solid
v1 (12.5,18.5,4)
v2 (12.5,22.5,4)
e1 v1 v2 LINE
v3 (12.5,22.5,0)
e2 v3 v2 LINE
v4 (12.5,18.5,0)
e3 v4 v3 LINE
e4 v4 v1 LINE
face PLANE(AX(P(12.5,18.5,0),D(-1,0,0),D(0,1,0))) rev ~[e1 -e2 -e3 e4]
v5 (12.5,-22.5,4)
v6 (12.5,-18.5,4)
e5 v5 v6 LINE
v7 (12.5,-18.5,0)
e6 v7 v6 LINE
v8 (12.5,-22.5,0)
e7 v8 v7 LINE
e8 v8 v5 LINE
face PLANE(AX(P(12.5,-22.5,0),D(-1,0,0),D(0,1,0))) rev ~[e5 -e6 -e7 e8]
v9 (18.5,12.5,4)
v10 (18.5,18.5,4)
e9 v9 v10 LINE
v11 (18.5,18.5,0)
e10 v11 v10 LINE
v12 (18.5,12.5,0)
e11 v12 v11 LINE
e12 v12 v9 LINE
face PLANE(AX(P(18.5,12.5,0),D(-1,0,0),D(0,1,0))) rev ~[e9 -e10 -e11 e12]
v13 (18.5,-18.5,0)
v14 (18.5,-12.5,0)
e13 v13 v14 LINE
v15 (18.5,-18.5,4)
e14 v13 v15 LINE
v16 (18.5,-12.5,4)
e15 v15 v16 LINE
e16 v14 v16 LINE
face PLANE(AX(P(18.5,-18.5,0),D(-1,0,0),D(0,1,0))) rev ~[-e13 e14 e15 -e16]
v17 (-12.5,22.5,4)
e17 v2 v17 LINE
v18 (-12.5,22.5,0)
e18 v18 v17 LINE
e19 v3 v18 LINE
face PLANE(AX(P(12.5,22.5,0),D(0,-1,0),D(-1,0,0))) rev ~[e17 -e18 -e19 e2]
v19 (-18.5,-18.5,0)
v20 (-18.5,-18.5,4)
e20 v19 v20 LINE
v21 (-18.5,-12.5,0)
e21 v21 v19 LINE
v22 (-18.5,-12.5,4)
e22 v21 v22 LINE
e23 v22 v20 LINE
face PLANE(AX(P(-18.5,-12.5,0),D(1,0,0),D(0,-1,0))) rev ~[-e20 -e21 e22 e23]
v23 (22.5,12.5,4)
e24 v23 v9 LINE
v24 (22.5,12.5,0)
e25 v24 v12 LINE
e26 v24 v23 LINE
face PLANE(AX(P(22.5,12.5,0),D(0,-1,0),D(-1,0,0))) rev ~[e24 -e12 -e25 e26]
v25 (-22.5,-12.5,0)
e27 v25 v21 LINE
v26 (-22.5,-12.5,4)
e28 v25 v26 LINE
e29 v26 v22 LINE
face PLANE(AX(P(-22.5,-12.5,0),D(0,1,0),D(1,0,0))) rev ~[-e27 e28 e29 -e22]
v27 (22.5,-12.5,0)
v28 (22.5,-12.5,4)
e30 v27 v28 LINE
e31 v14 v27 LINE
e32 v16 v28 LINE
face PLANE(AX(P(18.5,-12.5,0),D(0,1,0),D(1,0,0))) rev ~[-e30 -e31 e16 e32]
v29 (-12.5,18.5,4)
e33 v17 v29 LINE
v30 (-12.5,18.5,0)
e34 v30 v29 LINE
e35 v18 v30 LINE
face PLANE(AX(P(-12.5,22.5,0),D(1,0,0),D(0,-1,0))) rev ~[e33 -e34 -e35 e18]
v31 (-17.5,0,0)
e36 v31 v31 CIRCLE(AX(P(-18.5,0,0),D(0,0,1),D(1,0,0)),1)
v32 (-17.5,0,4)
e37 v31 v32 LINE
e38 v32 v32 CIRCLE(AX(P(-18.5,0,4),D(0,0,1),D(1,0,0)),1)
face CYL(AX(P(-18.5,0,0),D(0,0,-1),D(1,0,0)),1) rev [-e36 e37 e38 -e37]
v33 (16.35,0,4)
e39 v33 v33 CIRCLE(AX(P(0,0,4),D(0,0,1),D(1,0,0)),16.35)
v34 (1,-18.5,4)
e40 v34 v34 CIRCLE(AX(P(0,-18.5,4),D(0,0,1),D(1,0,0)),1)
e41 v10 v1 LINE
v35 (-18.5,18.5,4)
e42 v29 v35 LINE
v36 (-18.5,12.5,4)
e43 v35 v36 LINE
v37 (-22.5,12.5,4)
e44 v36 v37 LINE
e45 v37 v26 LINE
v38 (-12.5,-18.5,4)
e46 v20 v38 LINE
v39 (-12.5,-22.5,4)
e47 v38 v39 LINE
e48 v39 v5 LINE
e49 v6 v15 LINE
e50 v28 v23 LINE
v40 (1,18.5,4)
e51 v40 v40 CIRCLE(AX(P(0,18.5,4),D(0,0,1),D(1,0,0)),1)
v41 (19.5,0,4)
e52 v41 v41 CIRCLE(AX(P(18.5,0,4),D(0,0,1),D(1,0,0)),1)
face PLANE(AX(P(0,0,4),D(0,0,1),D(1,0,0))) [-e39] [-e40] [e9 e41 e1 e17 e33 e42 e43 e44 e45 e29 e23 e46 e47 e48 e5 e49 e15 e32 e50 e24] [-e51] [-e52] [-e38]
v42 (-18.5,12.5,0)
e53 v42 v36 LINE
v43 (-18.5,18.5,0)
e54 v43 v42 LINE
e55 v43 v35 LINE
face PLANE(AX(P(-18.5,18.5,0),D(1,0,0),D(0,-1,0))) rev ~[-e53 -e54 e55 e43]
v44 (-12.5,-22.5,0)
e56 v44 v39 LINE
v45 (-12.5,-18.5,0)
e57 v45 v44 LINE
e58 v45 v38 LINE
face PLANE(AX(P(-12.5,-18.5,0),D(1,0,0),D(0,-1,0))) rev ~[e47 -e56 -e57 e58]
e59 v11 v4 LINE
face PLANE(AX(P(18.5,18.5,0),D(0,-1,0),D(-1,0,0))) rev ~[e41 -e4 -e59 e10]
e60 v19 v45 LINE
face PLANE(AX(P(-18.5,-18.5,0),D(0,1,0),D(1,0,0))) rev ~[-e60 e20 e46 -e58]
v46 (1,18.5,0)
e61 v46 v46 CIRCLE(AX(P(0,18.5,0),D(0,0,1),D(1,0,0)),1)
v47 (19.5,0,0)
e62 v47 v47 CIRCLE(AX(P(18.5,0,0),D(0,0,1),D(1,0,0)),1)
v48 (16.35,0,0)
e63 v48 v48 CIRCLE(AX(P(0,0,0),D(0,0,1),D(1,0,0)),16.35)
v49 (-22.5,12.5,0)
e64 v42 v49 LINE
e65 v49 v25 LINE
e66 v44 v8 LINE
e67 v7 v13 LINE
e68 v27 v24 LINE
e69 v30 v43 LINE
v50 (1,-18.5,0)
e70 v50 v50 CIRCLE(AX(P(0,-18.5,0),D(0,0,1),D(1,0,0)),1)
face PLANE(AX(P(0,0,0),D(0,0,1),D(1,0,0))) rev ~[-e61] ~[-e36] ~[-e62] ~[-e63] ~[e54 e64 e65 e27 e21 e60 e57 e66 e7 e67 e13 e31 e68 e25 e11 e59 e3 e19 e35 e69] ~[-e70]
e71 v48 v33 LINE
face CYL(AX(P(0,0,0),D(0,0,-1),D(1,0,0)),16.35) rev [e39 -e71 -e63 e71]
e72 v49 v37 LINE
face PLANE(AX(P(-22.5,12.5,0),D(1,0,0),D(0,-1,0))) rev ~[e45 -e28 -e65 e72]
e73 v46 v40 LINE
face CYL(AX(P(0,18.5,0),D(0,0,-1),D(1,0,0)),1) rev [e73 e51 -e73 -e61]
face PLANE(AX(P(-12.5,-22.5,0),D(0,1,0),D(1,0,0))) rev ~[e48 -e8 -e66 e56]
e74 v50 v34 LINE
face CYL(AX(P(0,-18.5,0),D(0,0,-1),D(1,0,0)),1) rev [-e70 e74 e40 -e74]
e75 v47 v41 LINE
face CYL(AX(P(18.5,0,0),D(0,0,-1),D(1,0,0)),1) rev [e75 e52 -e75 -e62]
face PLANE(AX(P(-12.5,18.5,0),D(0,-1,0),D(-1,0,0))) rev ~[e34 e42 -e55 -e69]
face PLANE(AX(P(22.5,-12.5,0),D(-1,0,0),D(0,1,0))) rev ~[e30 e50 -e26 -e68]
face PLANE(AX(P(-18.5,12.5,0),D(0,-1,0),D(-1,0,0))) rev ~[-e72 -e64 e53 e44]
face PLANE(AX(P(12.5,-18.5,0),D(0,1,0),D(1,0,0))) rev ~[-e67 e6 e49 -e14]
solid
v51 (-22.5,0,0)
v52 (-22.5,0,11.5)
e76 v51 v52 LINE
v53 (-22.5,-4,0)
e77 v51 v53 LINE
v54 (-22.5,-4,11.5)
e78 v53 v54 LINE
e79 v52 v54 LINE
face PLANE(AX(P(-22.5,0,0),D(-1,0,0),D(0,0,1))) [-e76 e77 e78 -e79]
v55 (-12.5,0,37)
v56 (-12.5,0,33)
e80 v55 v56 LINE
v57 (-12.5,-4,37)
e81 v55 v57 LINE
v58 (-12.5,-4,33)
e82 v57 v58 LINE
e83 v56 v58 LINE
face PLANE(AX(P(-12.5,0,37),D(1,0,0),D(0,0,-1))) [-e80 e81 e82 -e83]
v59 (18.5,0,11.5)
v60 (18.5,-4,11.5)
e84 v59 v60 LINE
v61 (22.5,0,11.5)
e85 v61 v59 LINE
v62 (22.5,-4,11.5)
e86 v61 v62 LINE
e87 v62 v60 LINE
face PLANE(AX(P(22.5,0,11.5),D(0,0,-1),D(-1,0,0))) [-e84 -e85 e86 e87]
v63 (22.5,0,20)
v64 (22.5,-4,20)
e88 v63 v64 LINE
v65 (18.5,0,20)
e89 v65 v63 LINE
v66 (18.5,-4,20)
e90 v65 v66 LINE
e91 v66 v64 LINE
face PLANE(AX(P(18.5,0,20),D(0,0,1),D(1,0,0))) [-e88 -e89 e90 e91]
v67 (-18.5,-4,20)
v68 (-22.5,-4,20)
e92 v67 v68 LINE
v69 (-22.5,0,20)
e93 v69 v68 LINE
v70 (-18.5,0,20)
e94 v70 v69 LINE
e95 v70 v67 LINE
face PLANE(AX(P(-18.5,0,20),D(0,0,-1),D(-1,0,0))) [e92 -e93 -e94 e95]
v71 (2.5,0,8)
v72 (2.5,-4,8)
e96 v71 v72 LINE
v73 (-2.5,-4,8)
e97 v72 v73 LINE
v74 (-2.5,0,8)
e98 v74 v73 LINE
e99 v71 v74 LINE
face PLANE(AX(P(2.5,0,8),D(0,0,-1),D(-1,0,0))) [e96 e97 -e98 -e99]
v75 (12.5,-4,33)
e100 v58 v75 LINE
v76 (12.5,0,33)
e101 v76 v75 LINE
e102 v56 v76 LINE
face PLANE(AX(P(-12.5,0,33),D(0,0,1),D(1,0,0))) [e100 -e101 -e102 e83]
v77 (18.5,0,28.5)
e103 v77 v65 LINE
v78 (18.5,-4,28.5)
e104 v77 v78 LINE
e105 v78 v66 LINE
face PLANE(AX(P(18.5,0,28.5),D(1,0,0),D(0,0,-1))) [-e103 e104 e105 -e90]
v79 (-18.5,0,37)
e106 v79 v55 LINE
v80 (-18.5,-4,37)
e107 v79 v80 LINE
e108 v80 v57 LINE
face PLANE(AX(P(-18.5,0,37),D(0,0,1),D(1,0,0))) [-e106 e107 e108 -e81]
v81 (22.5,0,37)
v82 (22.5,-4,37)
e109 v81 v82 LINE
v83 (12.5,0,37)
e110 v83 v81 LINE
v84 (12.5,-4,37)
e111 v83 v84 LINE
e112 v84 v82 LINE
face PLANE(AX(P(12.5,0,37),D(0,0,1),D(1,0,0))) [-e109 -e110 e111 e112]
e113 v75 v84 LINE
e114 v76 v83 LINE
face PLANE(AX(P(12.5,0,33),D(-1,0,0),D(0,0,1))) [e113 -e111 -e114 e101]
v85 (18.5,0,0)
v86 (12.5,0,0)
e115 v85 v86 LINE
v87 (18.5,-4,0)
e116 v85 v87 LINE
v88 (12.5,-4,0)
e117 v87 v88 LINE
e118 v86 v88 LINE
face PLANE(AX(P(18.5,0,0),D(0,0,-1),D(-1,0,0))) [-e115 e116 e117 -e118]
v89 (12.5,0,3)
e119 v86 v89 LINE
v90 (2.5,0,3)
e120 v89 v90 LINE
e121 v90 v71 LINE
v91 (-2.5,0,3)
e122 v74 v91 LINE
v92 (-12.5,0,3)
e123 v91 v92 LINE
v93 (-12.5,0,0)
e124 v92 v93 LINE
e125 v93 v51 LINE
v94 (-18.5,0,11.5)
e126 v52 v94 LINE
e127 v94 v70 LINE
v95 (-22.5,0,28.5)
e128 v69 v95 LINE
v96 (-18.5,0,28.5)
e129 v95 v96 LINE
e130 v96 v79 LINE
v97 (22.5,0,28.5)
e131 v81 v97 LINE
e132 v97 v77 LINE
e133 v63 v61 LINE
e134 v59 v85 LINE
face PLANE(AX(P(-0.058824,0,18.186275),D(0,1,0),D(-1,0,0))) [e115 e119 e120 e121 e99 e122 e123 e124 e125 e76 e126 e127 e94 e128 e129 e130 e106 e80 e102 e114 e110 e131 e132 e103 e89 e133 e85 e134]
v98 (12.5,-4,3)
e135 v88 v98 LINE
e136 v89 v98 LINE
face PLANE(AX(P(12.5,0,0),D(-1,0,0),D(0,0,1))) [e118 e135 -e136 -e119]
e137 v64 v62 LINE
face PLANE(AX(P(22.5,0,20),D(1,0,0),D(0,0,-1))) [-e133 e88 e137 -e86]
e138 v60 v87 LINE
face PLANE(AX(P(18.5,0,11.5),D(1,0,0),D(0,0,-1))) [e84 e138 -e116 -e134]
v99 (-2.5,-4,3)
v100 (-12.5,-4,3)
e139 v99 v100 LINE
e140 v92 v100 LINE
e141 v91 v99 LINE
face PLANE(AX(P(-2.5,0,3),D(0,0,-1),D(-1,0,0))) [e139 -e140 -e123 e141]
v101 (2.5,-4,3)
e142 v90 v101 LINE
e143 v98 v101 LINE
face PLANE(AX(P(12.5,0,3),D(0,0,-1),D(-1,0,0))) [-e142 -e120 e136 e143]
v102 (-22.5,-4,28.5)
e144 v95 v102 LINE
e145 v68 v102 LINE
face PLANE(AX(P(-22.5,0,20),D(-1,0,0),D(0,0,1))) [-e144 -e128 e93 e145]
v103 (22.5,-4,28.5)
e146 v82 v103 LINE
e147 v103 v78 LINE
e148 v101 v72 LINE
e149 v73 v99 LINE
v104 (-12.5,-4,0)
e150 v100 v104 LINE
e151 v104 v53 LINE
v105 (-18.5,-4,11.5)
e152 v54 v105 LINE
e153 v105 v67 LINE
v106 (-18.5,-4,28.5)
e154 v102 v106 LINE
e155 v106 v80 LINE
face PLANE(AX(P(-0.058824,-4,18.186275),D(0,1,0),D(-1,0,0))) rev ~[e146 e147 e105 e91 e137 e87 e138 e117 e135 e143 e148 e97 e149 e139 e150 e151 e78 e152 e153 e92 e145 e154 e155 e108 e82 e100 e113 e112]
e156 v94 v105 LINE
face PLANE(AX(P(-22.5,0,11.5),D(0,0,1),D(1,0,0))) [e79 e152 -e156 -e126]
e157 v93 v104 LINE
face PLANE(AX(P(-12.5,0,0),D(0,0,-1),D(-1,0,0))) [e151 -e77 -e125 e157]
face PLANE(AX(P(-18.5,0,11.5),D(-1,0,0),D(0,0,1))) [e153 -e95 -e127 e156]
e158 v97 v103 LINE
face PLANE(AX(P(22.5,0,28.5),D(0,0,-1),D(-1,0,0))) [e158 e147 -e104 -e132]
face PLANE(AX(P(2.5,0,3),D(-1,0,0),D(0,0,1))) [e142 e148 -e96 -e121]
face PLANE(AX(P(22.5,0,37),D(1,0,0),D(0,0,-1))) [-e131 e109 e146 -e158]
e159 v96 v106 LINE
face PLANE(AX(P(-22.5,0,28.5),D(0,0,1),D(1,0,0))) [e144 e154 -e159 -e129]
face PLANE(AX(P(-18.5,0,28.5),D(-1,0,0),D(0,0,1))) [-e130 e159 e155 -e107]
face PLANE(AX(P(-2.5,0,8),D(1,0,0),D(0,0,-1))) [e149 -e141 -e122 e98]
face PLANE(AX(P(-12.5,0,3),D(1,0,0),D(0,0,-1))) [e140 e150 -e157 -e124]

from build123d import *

# Parameters (mm, degrees)
SKETCH_R     = 16.35
SKETCH_R_2   = 1
PAD001_DEPTH = 4
PAD_DEPTH    = 4


with BuildPart() as cover:
    # Sketch → Pad001 (new body)
    with BuildSketch(Plane.XY):
        Polygon((-22.5, 12.5), (-22.5, -12.5), (-18.5, -12.5), (-18.5, -18.5), (-12.5, -18.5), (-12.5, -22.5), (12.5, -22.5), (12.5, -18.5), (18.5, -18.5), (18.5, -12.5), (22.5, -12.5), (22.5, 12.5), (18.5, 12.5), (18.5, 18.5), (12.5, 18.5), (12.5, 22.5), (-12.5, 22.5), (-12.5, 18.5), (-18.5, 18.5), (-18.5, 12.5), align=None)
        Circle(SKETCH_R, mode=Mode.SUBTRACT)
        with Locations((0, 18.5)):
            Circle(SKETCH_R_2, mode=Mode.SUBTRACT)
        with Locations((18.5, 0)):
            Circle(SKETCH_R_2, mode=Mode.SUBTRACT)
        with Locations((-18.5, 0)):
            Circle(SKETCH_R_2, mode=Mode.SUBTRACT)
        with Locations((0, -18.5)):
            Circle(SKETCH_R_2, mode=Mode.SUBTRACT)
    extrude(amount=PAD001_DEPTH)


with BuildPart() as walls:
    # Sketch001 → Pad (new body)
    with BuildSketch(Plane.XZ):
        Polygon((-18.5, 37), (-12.5, 37), (-12.5, 33), (12.5, 33), (12.5, 37), (22.5, 37), (22.5, 28.5), (18.5, 28.5), (18.5, 20), (22.5, 20), (22.5, 11.5), (18.5, 11.5), (18.5, 0), (12.5, 0), (12.5, 3), (2.5, 3), (2.5, 8), (-2.5, 8), (-2.5, 3), (-12.5, 3), (-12.5, 0), (-22.5, 0), (-22.5, 11.5), (-18.5, 11.5), (-18.5, 20), (-22.5, 20), (-22.5, 28.5), (-18.5, 28.5), align=None)
    extrude(amount=PAD_DEPTH)


solid = Compound([cover.part, walls.part])
